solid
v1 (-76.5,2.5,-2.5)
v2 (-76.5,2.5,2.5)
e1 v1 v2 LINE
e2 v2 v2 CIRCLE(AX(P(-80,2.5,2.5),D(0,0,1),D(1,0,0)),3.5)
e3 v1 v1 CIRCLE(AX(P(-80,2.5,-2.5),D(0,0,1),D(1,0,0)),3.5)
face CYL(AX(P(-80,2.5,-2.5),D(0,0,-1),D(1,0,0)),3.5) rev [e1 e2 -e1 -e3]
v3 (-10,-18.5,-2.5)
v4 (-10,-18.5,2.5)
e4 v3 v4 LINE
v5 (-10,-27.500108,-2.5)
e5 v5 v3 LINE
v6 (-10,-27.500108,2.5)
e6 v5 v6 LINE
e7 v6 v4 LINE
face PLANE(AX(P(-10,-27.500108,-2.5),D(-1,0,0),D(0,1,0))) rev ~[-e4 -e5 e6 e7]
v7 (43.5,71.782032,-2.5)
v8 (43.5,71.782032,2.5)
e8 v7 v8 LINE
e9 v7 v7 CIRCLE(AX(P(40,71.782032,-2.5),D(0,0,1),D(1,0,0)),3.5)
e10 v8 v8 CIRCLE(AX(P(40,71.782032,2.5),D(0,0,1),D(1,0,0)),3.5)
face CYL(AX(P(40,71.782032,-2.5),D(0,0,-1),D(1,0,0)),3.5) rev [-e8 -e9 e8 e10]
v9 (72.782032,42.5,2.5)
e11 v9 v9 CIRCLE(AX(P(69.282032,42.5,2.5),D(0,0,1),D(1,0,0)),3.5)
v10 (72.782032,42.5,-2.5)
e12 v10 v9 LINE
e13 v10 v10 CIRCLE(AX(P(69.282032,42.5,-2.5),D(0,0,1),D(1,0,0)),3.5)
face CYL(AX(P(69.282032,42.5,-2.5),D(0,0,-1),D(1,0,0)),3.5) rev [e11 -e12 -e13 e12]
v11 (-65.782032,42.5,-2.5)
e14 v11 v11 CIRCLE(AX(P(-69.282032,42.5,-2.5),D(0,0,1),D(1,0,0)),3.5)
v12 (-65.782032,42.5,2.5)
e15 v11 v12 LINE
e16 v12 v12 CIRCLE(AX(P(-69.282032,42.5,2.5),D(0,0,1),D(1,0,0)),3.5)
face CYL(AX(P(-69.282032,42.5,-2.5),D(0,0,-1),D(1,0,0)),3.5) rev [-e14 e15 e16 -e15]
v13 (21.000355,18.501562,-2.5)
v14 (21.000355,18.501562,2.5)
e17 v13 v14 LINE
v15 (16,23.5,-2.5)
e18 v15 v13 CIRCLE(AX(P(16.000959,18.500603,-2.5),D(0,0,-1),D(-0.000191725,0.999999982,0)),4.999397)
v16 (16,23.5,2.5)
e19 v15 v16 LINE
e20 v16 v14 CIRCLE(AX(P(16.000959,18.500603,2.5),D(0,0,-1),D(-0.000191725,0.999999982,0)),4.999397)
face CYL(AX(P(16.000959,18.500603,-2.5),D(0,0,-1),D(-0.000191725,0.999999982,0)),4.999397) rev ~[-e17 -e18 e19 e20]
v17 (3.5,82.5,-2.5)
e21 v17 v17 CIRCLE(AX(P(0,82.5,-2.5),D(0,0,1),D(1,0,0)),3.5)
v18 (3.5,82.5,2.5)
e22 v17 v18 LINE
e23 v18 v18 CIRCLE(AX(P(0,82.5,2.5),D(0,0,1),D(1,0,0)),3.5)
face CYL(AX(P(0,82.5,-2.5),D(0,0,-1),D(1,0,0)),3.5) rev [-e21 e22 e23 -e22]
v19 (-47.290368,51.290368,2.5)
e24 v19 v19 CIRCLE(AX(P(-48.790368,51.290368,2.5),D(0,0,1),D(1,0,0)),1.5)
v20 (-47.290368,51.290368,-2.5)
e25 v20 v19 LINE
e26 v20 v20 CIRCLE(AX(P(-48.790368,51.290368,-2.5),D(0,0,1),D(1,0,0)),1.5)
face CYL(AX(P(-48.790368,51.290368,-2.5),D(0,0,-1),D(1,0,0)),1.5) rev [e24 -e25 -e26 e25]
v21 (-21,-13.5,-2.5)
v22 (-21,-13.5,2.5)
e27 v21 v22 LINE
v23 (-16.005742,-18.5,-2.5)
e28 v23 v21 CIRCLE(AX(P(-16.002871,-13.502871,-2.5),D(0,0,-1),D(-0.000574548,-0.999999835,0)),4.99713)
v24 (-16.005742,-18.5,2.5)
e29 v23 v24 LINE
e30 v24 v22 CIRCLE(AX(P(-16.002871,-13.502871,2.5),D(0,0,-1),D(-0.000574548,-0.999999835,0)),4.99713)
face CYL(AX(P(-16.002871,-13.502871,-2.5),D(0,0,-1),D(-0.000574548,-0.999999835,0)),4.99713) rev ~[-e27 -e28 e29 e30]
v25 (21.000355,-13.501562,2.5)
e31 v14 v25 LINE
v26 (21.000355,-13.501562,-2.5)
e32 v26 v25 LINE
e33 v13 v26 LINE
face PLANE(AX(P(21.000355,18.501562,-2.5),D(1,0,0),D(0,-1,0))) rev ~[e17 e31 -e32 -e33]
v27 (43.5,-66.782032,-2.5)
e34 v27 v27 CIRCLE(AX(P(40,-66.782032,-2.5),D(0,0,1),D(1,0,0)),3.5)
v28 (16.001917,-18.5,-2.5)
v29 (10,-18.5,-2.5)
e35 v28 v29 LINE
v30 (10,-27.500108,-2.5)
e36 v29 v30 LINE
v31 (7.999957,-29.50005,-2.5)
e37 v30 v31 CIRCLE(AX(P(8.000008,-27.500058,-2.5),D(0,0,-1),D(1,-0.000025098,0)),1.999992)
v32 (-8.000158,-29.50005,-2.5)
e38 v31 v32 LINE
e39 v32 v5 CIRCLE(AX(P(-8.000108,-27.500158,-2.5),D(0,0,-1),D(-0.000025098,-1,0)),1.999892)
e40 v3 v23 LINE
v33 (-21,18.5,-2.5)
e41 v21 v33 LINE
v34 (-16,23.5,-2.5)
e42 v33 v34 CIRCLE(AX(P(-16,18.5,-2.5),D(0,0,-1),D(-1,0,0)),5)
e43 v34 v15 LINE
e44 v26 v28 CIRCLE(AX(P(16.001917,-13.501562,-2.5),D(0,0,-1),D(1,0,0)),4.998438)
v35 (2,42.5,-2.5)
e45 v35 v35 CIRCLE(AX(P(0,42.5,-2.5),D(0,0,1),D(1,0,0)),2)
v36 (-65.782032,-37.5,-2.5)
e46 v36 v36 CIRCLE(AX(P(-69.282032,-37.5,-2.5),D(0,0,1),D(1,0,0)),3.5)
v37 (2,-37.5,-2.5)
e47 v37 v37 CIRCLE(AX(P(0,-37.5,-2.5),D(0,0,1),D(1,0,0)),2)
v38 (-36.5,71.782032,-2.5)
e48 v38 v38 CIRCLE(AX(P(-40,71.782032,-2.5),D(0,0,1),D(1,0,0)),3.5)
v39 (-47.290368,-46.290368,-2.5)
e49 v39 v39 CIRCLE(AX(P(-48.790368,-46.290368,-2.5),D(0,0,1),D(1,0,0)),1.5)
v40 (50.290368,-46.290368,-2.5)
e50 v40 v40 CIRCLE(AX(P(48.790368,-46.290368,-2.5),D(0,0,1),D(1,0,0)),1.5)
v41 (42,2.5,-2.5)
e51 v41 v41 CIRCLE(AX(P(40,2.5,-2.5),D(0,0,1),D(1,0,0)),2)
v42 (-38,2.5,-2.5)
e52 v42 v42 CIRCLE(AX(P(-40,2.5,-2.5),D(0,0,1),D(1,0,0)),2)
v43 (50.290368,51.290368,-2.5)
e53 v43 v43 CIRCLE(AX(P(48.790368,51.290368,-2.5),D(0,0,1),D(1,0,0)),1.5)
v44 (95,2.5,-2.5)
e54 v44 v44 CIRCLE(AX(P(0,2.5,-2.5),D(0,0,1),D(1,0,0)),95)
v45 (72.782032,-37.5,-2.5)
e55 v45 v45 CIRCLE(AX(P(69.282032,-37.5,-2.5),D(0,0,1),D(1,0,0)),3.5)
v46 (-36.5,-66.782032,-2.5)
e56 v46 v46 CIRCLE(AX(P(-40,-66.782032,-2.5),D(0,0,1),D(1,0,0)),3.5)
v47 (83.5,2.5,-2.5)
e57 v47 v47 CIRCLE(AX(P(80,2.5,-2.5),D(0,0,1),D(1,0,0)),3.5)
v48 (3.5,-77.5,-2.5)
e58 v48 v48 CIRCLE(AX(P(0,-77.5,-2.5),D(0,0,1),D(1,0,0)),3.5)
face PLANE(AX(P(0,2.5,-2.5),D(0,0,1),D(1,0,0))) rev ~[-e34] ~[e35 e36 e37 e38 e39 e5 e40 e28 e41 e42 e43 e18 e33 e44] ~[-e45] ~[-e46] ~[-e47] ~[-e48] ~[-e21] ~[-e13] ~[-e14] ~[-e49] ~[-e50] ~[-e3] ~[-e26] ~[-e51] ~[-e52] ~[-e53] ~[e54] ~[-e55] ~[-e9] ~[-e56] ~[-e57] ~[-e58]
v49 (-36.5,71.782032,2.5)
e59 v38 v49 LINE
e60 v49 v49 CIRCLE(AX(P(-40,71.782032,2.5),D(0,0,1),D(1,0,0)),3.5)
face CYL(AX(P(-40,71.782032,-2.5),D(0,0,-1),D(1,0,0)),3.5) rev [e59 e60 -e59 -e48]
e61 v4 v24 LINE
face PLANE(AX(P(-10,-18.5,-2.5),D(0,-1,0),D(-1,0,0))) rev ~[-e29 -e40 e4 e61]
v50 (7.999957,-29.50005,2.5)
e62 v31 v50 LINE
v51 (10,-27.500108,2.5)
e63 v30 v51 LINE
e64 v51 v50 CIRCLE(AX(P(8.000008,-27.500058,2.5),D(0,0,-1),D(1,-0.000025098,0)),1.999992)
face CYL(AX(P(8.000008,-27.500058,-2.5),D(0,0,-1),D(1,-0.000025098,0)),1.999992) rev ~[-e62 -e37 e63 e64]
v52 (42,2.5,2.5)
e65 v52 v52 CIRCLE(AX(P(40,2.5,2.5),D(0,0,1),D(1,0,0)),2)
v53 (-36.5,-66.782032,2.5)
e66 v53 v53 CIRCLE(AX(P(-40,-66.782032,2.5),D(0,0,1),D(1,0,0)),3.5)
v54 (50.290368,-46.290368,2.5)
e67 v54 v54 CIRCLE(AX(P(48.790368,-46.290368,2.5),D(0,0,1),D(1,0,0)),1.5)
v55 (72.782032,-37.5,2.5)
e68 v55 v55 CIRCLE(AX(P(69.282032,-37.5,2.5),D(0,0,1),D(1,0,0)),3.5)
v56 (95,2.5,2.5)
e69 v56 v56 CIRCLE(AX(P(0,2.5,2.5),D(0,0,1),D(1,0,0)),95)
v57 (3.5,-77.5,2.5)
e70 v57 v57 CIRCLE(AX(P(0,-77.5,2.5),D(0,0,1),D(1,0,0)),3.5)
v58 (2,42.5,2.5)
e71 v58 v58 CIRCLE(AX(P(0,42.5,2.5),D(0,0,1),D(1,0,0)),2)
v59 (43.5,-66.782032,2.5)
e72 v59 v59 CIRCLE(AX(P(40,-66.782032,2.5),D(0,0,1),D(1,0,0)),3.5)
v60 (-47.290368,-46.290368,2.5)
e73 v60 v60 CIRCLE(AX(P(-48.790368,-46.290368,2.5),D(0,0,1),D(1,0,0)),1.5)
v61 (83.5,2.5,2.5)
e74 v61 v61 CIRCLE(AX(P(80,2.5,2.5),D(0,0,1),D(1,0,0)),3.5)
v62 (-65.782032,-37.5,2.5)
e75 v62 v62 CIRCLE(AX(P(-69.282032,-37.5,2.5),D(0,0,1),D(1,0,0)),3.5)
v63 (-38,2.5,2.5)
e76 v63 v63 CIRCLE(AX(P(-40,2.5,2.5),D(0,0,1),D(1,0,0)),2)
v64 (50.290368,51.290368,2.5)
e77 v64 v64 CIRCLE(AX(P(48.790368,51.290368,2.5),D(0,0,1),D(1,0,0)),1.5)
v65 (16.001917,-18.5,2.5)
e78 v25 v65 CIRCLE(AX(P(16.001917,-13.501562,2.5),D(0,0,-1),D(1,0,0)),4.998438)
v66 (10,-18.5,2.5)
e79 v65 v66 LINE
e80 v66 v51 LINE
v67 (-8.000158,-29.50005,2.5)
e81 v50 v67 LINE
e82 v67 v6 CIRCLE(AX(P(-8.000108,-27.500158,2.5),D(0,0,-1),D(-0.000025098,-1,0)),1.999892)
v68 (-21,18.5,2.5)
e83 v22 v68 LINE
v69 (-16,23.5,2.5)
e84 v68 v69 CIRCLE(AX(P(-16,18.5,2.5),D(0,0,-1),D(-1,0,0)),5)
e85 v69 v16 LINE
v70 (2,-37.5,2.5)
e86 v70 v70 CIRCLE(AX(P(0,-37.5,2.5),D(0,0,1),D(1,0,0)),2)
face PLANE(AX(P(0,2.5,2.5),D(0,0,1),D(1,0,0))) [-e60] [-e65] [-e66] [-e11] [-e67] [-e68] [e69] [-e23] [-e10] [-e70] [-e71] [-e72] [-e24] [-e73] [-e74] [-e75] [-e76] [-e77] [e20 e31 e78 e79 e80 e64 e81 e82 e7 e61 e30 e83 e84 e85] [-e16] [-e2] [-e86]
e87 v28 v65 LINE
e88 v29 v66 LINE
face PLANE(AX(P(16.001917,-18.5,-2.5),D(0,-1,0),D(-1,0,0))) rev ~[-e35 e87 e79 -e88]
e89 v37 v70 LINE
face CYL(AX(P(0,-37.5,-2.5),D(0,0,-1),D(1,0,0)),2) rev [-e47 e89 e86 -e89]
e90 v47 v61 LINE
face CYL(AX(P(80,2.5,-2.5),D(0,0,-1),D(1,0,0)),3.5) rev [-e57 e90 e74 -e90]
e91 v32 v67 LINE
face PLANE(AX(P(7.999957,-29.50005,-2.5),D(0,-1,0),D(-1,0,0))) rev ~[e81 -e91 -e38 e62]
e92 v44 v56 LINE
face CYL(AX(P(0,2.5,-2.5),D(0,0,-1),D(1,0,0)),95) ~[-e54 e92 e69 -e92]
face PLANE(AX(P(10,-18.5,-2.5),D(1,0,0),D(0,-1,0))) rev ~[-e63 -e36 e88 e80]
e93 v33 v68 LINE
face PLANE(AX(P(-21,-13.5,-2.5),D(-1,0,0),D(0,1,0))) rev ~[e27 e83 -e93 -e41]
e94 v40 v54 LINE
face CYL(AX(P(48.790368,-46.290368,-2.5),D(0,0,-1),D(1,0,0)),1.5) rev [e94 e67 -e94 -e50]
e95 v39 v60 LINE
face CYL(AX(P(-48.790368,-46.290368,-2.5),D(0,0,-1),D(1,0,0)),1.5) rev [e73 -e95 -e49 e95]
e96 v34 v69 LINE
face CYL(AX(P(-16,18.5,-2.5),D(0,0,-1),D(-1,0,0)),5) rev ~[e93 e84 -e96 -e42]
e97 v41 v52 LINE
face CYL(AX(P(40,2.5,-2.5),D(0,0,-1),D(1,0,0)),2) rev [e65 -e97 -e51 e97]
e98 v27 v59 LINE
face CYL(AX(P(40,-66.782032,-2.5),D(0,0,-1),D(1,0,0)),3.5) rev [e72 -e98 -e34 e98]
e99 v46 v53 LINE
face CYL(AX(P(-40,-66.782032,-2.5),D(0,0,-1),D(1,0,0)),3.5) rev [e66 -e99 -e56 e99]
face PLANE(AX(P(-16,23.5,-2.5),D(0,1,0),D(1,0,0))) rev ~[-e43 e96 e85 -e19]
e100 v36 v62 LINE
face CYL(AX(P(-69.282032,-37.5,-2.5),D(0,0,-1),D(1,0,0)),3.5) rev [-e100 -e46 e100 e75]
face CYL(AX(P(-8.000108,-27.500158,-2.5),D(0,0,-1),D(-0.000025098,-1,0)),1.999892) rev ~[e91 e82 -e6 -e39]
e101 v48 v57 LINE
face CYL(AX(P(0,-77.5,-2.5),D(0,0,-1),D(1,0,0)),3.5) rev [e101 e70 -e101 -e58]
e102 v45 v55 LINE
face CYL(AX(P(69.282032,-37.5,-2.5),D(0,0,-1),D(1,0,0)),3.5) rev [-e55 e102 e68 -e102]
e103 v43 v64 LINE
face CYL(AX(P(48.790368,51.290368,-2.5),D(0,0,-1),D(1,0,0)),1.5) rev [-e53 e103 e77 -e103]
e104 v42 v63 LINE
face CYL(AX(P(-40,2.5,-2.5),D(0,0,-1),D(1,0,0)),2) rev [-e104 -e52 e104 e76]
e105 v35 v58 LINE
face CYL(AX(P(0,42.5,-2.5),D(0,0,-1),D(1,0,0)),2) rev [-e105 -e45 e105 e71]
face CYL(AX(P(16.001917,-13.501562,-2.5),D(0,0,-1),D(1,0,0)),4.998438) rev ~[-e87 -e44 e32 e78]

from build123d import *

# Parameters (mm, degrees)
SKETCH1_R             = 95
SKETCH1_R_2           = 1.5
SKETCH1_R_3           = 2
SKETCH1_R_4           = 3.5
BOSS_EXTRUDE1_DEPTH   = 5
BODY_MOVE_COPY1_ANGLE = 90


with BuildPart() as part:
    # Sketch1 → Boss-Extrude1 (new body)
    with BuildSketch(Plane(origin=(0, 0, 0), x_dir=(1, 0, 0), z_dir=(0, 1, 0))):
        Circle(SKETCH1_R)
        with Locations((48.790367902, 48.790367902)):
            Circle(SKETCH1_R_2, mode=Mode.SUBTRACT)
        with Locations((0, 40)):
            Circle(SKETCH1_R_3, mode=Mode.SUBTRACT)
        with Locations((40, 0)):
            Circle(SKETCH1_R_3, mode=Mode.SUBTRACT)
        with Locations((0, -40)):
            Circle(SKETCH1_R_3, mode=Mode.SUBTRACT)
        with Locations((-40, 0)):
            Circle(SKETCH1_R_3, mode=Mode.SUBTRACT)
        with Locations((48.790367902, -48.790367902)):
            Circle(SKETCH1_R_2, mode=Mode.SUBTRACT)
        with Locations((-48.790367902, -48.790367902)):
            Circle(SKETCH1_R_2, mode=Mode.SUBTRACT)
        with Locations((-48.790367902, 48.790367902)):
            Circle(SKETCH1_R_2, mode=Mode.SUBTRACT)
        with Locations((80, 0)):
            Circle(SKETCH1_R_4, mode=Mode.SUBTRACT)
        with Locations((69.282032303, -40)):
            Circle(SKETCH1_R_4, mode=Mode.SUBTRACT)
        with Locations((40, -69.282032303)):
            Circle(SKETCH1_R_4, mode=Mode.SUBTRACT)
        with Locations((0, -80)):
            Circle(SKETCH1_R_4, mode=Mode.SUBTRACT)
        with Locations((-40, -69.282032303)):
            Circle(SKETCH1_R_4, mode=Mode.SUBTRACT)
        with Locations((-69.282032303, -40)):
            Circle(SKETCH1_R_4, mode=Mode.SUBTRACT)
        with Locations((-80, 0)):
            Circle(SKETCH1_R_4, mode=Mode.SUBTRACT)
        with Locations((-69.282032303, 40)):
            Circle(SKETCH1_R_4, mode=Mode.SUBTRACT)
        with Locations((-40, 69.282032303)):
            Circle(SKETCH1_R_4, mode=Mode.SUBTRACT)
        with Locations((0, 80)):
            Circle(SKETCH1_R_4, mode=Mode.SUBTRACT)
        with Locations((40, 69.282032303)):
            Circle(SKETCH1_R_4, mode=Mode.SUBTRACT)
        with Locations((69.282032303, 40)):
            Circle(SKETCH1_R_4, mode=Mode.SUBTRACT)
        with BuildLine():
            Line((10, -21), (10, -30.000108076))
            ThreePointArc((10, -30.000108076), (9.414180319, -31.414301502), (7.999957489, -32.000050194))
            Line((7.999957489, -32.000050194), (-8.000158272, -32.000050194))
            ThreePointArc((-8.000158272, -32.000050194), (-9.414280711, -31.414259919), (-10, -30.000108076))
            Line((-10, -30.000108076), (-10, -21))
            Line((-10, -21), (-16.005742178, -21))
            ThreePointArc((-16.005742178, -21), (-19.538404995, -19.534344662), (-21, -16))
            Line((-21, -16), (-21, 16))
            ThreePointArc((-21, 16), (-19.535533906, 19.535533906), (-16, 21))
            Line((-16, 21), (16, 21))
            ThreePointArc((16, 21), (19.535388079, 19.536388365), (21.000355251, 16.001561768))
            Line((21.000355251, 16.001561768), (21.000355251, -16.001561768))
            ThreePointArc((21.000355251, -16.001561768), (19.536346588, -19.535991337), (16.001917019, -21))
            Line((16.001917019, -21), (10, -21))
        make_face(mode=Mode.SUBTRACT)
    extrude(amount=BOSS_EXTRUDE1_DEPTH)


with BuildPart() as part_1:
    # Body-Move/Copy1: moved
    add(part.part.rotate(Axis((0, 2.5, 0), (1, 0, 0)), BODY_MOVE_COPY1_ANGLE))


solid = part_1.part
